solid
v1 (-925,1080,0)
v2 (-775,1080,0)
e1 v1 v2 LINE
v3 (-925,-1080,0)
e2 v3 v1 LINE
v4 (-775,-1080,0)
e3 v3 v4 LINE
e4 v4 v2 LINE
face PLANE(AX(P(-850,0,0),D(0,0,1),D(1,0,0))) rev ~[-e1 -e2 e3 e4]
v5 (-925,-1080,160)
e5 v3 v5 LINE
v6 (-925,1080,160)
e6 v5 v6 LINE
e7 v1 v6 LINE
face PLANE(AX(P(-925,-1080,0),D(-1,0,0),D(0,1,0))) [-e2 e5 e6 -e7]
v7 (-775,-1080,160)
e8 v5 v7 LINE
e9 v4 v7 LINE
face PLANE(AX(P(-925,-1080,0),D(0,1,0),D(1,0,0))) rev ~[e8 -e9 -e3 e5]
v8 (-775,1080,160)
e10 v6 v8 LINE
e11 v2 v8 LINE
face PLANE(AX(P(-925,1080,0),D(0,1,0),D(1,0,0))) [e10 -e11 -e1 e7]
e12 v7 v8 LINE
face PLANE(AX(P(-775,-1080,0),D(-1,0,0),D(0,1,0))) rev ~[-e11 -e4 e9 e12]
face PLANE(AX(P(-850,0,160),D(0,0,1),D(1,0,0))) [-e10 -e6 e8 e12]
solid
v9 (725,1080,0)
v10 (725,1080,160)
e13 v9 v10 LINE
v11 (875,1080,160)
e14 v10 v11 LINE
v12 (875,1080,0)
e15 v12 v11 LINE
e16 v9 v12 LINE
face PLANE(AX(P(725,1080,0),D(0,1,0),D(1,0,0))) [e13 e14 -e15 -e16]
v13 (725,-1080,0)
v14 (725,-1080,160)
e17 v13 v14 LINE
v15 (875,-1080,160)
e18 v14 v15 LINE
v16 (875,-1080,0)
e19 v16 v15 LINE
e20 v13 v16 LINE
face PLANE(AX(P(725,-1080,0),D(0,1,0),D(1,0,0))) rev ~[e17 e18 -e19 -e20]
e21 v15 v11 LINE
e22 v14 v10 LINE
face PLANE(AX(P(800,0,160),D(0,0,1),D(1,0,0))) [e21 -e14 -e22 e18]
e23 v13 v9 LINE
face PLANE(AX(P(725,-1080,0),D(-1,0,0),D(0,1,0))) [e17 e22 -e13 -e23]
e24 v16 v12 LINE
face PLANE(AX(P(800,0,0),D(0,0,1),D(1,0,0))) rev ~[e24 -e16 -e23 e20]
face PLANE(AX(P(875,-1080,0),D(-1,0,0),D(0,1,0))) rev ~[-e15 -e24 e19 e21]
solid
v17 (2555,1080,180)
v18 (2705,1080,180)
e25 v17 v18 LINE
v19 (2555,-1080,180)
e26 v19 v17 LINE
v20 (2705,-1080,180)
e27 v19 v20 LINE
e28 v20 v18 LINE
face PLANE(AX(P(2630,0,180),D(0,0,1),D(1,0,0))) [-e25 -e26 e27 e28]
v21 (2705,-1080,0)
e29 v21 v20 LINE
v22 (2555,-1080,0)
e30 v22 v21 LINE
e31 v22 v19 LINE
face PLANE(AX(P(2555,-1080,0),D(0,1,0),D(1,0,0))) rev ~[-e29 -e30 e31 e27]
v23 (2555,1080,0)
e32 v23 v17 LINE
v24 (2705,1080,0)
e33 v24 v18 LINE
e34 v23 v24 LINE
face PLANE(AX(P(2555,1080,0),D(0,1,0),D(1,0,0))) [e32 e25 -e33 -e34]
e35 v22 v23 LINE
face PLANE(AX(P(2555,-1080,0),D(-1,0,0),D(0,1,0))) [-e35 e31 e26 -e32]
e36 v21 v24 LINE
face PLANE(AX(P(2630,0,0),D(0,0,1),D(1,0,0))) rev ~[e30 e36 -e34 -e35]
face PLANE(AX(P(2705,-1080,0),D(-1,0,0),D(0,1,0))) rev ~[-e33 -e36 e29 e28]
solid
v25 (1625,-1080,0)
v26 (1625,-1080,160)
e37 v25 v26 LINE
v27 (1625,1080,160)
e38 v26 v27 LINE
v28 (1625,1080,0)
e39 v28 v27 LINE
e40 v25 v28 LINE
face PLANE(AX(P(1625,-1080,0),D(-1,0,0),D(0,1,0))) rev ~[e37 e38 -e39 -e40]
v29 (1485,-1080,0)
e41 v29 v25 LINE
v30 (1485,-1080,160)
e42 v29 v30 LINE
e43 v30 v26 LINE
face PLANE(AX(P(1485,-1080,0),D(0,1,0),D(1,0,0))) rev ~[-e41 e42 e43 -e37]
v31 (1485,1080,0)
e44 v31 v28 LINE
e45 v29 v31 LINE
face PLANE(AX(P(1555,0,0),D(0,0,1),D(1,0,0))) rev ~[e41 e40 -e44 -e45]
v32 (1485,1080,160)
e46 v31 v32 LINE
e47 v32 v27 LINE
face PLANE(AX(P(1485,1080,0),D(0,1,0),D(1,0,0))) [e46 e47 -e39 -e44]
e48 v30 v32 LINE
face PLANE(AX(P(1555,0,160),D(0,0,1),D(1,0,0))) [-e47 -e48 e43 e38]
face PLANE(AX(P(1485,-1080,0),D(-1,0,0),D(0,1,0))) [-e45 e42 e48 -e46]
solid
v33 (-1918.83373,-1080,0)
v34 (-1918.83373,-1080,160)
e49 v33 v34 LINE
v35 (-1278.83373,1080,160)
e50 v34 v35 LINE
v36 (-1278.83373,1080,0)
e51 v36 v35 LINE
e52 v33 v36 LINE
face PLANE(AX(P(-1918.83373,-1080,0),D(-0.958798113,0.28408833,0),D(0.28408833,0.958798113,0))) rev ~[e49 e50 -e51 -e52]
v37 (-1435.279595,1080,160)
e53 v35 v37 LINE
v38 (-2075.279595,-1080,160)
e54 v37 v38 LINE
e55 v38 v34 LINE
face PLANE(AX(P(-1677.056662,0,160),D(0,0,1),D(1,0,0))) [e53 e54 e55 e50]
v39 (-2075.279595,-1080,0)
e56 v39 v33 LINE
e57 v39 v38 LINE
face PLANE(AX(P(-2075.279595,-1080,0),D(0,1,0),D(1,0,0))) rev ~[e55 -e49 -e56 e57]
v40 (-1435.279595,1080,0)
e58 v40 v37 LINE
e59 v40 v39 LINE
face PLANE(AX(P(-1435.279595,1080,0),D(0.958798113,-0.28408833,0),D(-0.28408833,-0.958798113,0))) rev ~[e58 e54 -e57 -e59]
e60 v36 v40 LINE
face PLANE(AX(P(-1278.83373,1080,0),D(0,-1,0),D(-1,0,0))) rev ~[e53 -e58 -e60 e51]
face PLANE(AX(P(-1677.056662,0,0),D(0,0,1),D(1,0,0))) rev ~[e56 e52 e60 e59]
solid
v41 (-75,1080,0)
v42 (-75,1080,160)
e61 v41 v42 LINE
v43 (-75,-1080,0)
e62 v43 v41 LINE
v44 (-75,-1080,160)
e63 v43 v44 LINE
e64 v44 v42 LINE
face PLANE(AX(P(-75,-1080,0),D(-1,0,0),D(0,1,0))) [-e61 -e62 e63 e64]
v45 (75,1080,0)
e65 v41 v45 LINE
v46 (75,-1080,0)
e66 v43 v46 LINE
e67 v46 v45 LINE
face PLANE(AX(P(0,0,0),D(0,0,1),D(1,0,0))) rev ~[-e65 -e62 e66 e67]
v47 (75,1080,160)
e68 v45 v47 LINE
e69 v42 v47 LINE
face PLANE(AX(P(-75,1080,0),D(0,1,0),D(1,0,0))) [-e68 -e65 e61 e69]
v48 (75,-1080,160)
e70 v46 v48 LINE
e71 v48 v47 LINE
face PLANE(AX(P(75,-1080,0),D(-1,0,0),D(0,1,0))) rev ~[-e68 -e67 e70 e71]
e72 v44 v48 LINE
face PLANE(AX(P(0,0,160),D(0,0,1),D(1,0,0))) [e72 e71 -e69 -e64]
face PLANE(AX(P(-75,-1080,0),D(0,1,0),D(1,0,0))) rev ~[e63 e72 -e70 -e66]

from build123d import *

# Parameters (mm, degrees)
F0_W     = 150
F0_H     = 2160
F0_W_2   = 140
F1_DEPTH = 160
F2_DEPTH = 180


with BuildPart() as f1:
    # F0 (on Top) → F1 (new body)
    with BuildSketch(Plane.XY):
        Polygon((-1918.83373, -1080), (-1278.83373, 1080), (-1435.279595, 1080), (-2075.279595, -1080), align=None)
        with Locations((-850, 0)):
            Rectangle(F0_W, F0_H)
        Rectangle(F0_W, F0_H)
        with Locations((800, 0)):
            Rectangle(F0_W, F0_H)
        with Locations((1555, 0)):
            Rectangle(F0_W_2, F0_H)
    extrude(amount=F1_DEPTH)


with BuildPart() as f2:
    # F0 (on Top) → F2 (new body)
    with BuildSketch(Plane.XY):
        with Locations((2630, 0)):
            Rectangle(F0_W, F0_H)
    extrude(amount=F2_DEPTH)


solid = Compound([f1.part, f2.part])
